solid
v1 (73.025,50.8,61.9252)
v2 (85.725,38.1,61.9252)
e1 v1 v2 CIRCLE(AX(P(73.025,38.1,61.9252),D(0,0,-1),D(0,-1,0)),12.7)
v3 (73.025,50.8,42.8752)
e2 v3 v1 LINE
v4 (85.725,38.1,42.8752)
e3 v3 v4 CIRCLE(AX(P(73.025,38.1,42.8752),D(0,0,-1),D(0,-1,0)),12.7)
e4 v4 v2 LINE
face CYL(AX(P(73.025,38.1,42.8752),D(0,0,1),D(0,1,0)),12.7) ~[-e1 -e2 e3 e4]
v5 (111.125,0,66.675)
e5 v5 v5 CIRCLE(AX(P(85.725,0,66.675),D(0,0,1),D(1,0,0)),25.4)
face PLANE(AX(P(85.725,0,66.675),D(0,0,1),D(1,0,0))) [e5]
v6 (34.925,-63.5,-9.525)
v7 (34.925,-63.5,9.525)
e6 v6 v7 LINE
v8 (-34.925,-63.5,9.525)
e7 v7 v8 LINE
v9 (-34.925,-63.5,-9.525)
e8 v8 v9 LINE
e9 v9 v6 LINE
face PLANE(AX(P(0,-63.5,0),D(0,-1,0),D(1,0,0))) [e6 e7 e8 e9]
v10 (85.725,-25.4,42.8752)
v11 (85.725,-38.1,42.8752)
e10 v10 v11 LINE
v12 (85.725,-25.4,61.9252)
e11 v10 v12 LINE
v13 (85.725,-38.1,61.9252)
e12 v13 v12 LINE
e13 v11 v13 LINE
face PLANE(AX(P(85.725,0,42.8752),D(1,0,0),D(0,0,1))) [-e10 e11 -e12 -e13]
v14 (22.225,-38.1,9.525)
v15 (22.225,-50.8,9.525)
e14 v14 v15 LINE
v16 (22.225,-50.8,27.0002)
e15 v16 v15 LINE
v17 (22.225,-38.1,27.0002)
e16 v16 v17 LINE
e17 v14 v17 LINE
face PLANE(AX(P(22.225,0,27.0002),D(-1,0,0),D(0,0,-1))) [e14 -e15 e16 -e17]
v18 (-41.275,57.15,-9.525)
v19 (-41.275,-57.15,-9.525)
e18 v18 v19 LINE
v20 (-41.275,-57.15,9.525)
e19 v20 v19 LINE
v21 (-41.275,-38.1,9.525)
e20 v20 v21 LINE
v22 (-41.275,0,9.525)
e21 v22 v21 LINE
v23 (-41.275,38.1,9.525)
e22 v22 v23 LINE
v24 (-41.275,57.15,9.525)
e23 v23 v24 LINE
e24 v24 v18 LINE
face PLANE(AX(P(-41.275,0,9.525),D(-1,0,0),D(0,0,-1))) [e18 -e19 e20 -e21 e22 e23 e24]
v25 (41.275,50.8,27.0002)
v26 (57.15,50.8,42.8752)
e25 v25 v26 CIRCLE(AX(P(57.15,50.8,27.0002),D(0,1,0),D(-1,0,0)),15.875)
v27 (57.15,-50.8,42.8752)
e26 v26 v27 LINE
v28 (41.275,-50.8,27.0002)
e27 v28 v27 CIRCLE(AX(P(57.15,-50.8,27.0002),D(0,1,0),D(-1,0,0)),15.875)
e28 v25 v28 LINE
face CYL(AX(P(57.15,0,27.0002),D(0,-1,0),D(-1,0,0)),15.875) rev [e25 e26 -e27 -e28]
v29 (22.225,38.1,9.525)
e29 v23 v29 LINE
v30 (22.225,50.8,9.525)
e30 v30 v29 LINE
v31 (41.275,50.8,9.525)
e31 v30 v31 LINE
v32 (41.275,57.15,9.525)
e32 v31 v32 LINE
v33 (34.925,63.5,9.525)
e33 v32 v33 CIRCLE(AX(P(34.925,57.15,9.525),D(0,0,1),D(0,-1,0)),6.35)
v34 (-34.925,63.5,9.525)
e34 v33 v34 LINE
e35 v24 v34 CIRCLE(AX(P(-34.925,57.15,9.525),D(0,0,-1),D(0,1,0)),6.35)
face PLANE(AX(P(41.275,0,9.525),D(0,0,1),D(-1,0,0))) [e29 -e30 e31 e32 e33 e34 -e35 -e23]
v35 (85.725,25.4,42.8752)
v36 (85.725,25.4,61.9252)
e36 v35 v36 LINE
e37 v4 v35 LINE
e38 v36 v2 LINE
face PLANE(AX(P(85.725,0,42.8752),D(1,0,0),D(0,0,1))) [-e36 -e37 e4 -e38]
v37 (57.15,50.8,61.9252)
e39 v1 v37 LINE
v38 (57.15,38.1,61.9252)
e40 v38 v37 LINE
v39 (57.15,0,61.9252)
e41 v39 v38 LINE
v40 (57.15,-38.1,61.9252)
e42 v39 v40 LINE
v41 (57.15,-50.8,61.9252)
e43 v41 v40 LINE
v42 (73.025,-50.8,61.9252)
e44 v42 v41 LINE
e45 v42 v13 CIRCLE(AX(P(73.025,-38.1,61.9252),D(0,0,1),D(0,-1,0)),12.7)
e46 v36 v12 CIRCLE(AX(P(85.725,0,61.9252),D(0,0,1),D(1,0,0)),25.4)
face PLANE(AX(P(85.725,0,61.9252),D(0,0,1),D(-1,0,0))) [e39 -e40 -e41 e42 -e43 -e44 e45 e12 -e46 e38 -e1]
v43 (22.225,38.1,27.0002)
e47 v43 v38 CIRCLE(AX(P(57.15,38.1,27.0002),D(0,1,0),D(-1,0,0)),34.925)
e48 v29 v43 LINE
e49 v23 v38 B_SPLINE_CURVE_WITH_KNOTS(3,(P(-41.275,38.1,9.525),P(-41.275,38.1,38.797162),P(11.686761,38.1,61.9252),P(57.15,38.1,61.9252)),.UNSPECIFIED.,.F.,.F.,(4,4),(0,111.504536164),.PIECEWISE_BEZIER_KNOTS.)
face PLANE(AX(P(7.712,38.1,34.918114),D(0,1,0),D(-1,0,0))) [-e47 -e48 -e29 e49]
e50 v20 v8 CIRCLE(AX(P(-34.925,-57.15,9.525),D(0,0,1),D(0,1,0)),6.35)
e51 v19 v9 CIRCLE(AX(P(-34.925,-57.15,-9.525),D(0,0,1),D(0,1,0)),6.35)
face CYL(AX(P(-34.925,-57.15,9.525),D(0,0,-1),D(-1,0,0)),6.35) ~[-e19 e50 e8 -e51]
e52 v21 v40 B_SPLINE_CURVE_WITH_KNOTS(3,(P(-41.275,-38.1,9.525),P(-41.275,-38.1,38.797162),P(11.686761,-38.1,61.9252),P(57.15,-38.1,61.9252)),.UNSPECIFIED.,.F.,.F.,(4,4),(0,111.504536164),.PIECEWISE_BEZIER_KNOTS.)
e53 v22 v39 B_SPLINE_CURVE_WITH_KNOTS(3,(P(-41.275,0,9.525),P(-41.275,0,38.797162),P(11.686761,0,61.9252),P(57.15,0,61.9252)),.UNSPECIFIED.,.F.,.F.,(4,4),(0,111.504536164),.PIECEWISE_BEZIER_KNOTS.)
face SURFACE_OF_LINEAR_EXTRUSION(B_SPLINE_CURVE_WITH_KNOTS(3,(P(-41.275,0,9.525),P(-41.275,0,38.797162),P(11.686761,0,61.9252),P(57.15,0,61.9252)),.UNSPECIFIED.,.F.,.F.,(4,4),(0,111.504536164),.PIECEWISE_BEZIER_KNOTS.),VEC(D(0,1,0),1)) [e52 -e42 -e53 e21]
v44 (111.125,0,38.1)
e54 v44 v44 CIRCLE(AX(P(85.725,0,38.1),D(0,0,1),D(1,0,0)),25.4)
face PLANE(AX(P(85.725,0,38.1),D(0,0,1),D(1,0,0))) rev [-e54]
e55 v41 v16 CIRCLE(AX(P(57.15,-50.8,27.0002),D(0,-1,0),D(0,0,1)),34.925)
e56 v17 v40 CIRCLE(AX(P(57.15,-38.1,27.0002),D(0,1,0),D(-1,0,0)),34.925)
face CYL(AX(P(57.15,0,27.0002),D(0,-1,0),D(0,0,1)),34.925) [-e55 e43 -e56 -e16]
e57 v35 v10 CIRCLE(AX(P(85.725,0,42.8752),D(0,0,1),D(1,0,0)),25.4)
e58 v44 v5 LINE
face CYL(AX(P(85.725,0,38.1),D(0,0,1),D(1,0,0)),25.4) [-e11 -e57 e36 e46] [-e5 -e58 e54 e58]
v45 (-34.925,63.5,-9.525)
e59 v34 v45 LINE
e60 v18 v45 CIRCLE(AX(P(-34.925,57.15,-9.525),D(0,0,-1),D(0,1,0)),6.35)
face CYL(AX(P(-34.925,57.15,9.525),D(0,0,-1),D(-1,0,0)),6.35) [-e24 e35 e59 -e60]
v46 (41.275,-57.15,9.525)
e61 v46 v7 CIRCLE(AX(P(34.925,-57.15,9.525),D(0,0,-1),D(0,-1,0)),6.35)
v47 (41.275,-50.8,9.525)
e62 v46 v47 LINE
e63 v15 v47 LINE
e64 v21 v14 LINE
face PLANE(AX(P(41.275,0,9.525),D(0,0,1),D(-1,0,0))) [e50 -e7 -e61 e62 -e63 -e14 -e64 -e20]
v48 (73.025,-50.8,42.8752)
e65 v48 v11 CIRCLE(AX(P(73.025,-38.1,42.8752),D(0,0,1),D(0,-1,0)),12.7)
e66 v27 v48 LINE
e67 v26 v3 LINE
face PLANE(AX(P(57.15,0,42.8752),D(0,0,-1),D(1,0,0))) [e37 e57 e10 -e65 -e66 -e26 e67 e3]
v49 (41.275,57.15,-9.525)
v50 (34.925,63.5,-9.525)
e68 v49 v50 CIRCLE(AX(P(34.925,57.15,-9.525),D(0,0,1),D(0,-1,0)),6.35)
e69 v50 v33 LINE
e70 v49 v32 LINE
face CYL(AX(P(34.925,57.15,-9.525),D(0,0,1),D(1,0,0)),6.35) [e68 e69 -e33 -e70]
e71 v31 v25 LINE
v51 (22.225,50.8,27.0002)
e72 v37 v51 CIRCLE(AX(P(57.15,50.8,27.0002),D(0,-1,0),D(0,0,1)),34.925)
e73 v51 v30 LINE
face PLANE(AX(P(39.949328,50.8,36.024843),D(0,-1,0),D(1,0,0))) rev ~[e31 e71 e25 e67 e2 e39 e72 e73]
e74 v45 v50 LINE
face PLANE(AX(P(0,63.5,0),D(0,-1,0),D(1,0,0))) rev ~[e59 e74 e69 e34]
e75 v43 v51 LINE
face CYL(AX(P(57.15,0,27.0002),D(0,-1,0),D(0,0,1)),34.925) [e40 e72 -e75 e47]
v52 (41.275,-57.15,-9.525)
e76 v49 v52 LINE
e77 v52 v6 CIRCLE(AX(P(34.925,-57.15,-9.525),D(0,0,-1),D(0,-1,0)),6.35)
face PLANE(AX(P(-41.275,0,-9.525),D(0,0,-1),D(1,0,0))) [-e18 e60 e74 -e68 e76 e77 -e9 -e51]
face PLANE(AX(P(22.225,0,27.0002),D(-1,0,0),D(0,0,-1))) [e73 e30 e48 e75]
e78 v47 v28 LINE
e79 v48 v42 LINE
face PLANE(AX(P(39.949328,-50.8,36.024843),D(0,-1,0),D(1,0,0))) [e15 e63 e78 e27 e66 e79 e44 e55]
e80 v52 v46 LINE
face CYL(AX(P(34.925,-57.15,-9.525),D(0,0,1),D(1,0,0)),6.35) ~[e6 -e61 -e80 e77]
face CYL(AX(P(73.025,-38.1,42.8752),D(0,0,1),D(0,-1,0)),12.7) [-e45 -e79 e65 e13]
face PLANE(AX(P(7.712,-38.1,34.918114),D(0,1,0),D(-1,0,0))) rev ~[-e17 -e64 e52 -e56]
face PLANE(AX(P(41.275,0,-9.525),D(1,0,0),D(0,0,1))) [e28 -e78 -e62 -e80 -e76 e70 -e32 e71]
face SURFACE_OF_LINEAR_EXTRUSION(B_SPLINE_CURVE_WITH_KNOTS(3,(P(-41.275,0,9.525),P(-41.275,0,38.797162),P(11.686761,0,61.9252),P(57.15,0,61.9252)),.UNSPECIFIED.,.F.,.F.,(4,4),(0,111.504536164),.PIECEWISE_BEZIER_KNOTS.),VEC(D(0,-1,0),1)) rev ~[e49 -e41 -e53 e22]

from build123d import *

# Parameters (mm, degrees)
F1_DEPTH = 63.5
F0_W     = 25.4
F0_H     = 19.05
F2_DEPTH = 50.8
F3_DEPTH = 38.1
F5_R     = 6.35
F6_R     = 12.7


with BuildPart() as f1:
    # F0 (on Front) → F1 (new body, symmetric)
    with BuildSketch(Plane.XZ):
        Polygon((22.225, 9.525), (-41.275, 9.525), (-41.275, -9.525), (41.275, -9.525), (41.275, 9.525), align=None)
    extrude(amount=F1_DEPTH, both=True)

    # F0 (on Front) → F2 (join, symmetric)
    with BuildSketch(Plane.XZ):
        with BuildLine():
            Line((22.225, 27.0002), (22.225, 9.525))
            Line((22.225, 9.525), (41.275, 9.525))
            Line((41.275, 9.525), (41.275, 27.0002))
            ThreePointArc((41.275, 27.0002), (45.9246798487, 38.2255201513), (57.15, 42.8752))
            Line((57.15, 42.8752), (60.325, 42.8752))
            Line((60.325, 42.8752), (60.325, 61.9252))
            Line((60.325, 61.9252), (57.15, 61.9252))
            ThreePointArc((57.15, 61.9252), (32.4542956671, 51.6959043329), (22.225, 27.0002))
        make_face()
        with Locations((73.025, 52.4002)):
            Rectangle(F0_W, F0_H)
    extrude(amount=F2_DEPTH, both=True)

    # F0 (on Front) → F3 (join, symmetric)
    with BuildSketch(Plane.XZ):
        with BuildLine():
            add(Edge.make_bspline(
                [(-41.275, 9.525), (-41.275, 38.7971624732), (11.6867609322, 61.9252), (57.15, 61.9252)],
                knots=[0, 0, 0, 0, 111.5045361635, 111.5045361635, 111.5045361635, 111.5045361635], degree=3))
            Line((-41.275, 9.525), (22.225, 9.525))
            Line((22.225, 9.525), (22.225, 27.0002))
            ThreePointArc((22.225, 27.0002), (32.4542956671, 51.6959043329), (57.15, 61.9252))
        make_face()
    extrude(amount=F3_DEPTH, both=True)

    # F0 (on Front) → F4 (revolve)
    with BuildSketch(Plane.XZ):
        Polygon((85.725, 66.675), (85.725, 61.9252), (85.725, 42.8752), (85.725, 38.1), (111.125, 38.1), (111.125, 66.675), align=None)
    revolve(axis=Axis((85.725, 0, 52.3875), (0, 0, 1)))

    # F5
    f5_edges = [f1.edges().sort_by_distance(p)[0] for p in [
        (41.275, -63.5, 0),
        (41.275, 63.5, 0),
        (-41.275, 63.5, 0),
        (-41.275, -63.5, 0),
    ]]
    fillet(f5_edges, radius=F5_R)

    # F6
    f6_edges = [f1.edges().sort_by_distance(p)[0] for p in [
        (85.725, -50.8, 52.4002),
        (85.725, 50.8, 52.4002),
    ]]
    fillet(f6_edges, radius=F6_R)


solid = f1.part
